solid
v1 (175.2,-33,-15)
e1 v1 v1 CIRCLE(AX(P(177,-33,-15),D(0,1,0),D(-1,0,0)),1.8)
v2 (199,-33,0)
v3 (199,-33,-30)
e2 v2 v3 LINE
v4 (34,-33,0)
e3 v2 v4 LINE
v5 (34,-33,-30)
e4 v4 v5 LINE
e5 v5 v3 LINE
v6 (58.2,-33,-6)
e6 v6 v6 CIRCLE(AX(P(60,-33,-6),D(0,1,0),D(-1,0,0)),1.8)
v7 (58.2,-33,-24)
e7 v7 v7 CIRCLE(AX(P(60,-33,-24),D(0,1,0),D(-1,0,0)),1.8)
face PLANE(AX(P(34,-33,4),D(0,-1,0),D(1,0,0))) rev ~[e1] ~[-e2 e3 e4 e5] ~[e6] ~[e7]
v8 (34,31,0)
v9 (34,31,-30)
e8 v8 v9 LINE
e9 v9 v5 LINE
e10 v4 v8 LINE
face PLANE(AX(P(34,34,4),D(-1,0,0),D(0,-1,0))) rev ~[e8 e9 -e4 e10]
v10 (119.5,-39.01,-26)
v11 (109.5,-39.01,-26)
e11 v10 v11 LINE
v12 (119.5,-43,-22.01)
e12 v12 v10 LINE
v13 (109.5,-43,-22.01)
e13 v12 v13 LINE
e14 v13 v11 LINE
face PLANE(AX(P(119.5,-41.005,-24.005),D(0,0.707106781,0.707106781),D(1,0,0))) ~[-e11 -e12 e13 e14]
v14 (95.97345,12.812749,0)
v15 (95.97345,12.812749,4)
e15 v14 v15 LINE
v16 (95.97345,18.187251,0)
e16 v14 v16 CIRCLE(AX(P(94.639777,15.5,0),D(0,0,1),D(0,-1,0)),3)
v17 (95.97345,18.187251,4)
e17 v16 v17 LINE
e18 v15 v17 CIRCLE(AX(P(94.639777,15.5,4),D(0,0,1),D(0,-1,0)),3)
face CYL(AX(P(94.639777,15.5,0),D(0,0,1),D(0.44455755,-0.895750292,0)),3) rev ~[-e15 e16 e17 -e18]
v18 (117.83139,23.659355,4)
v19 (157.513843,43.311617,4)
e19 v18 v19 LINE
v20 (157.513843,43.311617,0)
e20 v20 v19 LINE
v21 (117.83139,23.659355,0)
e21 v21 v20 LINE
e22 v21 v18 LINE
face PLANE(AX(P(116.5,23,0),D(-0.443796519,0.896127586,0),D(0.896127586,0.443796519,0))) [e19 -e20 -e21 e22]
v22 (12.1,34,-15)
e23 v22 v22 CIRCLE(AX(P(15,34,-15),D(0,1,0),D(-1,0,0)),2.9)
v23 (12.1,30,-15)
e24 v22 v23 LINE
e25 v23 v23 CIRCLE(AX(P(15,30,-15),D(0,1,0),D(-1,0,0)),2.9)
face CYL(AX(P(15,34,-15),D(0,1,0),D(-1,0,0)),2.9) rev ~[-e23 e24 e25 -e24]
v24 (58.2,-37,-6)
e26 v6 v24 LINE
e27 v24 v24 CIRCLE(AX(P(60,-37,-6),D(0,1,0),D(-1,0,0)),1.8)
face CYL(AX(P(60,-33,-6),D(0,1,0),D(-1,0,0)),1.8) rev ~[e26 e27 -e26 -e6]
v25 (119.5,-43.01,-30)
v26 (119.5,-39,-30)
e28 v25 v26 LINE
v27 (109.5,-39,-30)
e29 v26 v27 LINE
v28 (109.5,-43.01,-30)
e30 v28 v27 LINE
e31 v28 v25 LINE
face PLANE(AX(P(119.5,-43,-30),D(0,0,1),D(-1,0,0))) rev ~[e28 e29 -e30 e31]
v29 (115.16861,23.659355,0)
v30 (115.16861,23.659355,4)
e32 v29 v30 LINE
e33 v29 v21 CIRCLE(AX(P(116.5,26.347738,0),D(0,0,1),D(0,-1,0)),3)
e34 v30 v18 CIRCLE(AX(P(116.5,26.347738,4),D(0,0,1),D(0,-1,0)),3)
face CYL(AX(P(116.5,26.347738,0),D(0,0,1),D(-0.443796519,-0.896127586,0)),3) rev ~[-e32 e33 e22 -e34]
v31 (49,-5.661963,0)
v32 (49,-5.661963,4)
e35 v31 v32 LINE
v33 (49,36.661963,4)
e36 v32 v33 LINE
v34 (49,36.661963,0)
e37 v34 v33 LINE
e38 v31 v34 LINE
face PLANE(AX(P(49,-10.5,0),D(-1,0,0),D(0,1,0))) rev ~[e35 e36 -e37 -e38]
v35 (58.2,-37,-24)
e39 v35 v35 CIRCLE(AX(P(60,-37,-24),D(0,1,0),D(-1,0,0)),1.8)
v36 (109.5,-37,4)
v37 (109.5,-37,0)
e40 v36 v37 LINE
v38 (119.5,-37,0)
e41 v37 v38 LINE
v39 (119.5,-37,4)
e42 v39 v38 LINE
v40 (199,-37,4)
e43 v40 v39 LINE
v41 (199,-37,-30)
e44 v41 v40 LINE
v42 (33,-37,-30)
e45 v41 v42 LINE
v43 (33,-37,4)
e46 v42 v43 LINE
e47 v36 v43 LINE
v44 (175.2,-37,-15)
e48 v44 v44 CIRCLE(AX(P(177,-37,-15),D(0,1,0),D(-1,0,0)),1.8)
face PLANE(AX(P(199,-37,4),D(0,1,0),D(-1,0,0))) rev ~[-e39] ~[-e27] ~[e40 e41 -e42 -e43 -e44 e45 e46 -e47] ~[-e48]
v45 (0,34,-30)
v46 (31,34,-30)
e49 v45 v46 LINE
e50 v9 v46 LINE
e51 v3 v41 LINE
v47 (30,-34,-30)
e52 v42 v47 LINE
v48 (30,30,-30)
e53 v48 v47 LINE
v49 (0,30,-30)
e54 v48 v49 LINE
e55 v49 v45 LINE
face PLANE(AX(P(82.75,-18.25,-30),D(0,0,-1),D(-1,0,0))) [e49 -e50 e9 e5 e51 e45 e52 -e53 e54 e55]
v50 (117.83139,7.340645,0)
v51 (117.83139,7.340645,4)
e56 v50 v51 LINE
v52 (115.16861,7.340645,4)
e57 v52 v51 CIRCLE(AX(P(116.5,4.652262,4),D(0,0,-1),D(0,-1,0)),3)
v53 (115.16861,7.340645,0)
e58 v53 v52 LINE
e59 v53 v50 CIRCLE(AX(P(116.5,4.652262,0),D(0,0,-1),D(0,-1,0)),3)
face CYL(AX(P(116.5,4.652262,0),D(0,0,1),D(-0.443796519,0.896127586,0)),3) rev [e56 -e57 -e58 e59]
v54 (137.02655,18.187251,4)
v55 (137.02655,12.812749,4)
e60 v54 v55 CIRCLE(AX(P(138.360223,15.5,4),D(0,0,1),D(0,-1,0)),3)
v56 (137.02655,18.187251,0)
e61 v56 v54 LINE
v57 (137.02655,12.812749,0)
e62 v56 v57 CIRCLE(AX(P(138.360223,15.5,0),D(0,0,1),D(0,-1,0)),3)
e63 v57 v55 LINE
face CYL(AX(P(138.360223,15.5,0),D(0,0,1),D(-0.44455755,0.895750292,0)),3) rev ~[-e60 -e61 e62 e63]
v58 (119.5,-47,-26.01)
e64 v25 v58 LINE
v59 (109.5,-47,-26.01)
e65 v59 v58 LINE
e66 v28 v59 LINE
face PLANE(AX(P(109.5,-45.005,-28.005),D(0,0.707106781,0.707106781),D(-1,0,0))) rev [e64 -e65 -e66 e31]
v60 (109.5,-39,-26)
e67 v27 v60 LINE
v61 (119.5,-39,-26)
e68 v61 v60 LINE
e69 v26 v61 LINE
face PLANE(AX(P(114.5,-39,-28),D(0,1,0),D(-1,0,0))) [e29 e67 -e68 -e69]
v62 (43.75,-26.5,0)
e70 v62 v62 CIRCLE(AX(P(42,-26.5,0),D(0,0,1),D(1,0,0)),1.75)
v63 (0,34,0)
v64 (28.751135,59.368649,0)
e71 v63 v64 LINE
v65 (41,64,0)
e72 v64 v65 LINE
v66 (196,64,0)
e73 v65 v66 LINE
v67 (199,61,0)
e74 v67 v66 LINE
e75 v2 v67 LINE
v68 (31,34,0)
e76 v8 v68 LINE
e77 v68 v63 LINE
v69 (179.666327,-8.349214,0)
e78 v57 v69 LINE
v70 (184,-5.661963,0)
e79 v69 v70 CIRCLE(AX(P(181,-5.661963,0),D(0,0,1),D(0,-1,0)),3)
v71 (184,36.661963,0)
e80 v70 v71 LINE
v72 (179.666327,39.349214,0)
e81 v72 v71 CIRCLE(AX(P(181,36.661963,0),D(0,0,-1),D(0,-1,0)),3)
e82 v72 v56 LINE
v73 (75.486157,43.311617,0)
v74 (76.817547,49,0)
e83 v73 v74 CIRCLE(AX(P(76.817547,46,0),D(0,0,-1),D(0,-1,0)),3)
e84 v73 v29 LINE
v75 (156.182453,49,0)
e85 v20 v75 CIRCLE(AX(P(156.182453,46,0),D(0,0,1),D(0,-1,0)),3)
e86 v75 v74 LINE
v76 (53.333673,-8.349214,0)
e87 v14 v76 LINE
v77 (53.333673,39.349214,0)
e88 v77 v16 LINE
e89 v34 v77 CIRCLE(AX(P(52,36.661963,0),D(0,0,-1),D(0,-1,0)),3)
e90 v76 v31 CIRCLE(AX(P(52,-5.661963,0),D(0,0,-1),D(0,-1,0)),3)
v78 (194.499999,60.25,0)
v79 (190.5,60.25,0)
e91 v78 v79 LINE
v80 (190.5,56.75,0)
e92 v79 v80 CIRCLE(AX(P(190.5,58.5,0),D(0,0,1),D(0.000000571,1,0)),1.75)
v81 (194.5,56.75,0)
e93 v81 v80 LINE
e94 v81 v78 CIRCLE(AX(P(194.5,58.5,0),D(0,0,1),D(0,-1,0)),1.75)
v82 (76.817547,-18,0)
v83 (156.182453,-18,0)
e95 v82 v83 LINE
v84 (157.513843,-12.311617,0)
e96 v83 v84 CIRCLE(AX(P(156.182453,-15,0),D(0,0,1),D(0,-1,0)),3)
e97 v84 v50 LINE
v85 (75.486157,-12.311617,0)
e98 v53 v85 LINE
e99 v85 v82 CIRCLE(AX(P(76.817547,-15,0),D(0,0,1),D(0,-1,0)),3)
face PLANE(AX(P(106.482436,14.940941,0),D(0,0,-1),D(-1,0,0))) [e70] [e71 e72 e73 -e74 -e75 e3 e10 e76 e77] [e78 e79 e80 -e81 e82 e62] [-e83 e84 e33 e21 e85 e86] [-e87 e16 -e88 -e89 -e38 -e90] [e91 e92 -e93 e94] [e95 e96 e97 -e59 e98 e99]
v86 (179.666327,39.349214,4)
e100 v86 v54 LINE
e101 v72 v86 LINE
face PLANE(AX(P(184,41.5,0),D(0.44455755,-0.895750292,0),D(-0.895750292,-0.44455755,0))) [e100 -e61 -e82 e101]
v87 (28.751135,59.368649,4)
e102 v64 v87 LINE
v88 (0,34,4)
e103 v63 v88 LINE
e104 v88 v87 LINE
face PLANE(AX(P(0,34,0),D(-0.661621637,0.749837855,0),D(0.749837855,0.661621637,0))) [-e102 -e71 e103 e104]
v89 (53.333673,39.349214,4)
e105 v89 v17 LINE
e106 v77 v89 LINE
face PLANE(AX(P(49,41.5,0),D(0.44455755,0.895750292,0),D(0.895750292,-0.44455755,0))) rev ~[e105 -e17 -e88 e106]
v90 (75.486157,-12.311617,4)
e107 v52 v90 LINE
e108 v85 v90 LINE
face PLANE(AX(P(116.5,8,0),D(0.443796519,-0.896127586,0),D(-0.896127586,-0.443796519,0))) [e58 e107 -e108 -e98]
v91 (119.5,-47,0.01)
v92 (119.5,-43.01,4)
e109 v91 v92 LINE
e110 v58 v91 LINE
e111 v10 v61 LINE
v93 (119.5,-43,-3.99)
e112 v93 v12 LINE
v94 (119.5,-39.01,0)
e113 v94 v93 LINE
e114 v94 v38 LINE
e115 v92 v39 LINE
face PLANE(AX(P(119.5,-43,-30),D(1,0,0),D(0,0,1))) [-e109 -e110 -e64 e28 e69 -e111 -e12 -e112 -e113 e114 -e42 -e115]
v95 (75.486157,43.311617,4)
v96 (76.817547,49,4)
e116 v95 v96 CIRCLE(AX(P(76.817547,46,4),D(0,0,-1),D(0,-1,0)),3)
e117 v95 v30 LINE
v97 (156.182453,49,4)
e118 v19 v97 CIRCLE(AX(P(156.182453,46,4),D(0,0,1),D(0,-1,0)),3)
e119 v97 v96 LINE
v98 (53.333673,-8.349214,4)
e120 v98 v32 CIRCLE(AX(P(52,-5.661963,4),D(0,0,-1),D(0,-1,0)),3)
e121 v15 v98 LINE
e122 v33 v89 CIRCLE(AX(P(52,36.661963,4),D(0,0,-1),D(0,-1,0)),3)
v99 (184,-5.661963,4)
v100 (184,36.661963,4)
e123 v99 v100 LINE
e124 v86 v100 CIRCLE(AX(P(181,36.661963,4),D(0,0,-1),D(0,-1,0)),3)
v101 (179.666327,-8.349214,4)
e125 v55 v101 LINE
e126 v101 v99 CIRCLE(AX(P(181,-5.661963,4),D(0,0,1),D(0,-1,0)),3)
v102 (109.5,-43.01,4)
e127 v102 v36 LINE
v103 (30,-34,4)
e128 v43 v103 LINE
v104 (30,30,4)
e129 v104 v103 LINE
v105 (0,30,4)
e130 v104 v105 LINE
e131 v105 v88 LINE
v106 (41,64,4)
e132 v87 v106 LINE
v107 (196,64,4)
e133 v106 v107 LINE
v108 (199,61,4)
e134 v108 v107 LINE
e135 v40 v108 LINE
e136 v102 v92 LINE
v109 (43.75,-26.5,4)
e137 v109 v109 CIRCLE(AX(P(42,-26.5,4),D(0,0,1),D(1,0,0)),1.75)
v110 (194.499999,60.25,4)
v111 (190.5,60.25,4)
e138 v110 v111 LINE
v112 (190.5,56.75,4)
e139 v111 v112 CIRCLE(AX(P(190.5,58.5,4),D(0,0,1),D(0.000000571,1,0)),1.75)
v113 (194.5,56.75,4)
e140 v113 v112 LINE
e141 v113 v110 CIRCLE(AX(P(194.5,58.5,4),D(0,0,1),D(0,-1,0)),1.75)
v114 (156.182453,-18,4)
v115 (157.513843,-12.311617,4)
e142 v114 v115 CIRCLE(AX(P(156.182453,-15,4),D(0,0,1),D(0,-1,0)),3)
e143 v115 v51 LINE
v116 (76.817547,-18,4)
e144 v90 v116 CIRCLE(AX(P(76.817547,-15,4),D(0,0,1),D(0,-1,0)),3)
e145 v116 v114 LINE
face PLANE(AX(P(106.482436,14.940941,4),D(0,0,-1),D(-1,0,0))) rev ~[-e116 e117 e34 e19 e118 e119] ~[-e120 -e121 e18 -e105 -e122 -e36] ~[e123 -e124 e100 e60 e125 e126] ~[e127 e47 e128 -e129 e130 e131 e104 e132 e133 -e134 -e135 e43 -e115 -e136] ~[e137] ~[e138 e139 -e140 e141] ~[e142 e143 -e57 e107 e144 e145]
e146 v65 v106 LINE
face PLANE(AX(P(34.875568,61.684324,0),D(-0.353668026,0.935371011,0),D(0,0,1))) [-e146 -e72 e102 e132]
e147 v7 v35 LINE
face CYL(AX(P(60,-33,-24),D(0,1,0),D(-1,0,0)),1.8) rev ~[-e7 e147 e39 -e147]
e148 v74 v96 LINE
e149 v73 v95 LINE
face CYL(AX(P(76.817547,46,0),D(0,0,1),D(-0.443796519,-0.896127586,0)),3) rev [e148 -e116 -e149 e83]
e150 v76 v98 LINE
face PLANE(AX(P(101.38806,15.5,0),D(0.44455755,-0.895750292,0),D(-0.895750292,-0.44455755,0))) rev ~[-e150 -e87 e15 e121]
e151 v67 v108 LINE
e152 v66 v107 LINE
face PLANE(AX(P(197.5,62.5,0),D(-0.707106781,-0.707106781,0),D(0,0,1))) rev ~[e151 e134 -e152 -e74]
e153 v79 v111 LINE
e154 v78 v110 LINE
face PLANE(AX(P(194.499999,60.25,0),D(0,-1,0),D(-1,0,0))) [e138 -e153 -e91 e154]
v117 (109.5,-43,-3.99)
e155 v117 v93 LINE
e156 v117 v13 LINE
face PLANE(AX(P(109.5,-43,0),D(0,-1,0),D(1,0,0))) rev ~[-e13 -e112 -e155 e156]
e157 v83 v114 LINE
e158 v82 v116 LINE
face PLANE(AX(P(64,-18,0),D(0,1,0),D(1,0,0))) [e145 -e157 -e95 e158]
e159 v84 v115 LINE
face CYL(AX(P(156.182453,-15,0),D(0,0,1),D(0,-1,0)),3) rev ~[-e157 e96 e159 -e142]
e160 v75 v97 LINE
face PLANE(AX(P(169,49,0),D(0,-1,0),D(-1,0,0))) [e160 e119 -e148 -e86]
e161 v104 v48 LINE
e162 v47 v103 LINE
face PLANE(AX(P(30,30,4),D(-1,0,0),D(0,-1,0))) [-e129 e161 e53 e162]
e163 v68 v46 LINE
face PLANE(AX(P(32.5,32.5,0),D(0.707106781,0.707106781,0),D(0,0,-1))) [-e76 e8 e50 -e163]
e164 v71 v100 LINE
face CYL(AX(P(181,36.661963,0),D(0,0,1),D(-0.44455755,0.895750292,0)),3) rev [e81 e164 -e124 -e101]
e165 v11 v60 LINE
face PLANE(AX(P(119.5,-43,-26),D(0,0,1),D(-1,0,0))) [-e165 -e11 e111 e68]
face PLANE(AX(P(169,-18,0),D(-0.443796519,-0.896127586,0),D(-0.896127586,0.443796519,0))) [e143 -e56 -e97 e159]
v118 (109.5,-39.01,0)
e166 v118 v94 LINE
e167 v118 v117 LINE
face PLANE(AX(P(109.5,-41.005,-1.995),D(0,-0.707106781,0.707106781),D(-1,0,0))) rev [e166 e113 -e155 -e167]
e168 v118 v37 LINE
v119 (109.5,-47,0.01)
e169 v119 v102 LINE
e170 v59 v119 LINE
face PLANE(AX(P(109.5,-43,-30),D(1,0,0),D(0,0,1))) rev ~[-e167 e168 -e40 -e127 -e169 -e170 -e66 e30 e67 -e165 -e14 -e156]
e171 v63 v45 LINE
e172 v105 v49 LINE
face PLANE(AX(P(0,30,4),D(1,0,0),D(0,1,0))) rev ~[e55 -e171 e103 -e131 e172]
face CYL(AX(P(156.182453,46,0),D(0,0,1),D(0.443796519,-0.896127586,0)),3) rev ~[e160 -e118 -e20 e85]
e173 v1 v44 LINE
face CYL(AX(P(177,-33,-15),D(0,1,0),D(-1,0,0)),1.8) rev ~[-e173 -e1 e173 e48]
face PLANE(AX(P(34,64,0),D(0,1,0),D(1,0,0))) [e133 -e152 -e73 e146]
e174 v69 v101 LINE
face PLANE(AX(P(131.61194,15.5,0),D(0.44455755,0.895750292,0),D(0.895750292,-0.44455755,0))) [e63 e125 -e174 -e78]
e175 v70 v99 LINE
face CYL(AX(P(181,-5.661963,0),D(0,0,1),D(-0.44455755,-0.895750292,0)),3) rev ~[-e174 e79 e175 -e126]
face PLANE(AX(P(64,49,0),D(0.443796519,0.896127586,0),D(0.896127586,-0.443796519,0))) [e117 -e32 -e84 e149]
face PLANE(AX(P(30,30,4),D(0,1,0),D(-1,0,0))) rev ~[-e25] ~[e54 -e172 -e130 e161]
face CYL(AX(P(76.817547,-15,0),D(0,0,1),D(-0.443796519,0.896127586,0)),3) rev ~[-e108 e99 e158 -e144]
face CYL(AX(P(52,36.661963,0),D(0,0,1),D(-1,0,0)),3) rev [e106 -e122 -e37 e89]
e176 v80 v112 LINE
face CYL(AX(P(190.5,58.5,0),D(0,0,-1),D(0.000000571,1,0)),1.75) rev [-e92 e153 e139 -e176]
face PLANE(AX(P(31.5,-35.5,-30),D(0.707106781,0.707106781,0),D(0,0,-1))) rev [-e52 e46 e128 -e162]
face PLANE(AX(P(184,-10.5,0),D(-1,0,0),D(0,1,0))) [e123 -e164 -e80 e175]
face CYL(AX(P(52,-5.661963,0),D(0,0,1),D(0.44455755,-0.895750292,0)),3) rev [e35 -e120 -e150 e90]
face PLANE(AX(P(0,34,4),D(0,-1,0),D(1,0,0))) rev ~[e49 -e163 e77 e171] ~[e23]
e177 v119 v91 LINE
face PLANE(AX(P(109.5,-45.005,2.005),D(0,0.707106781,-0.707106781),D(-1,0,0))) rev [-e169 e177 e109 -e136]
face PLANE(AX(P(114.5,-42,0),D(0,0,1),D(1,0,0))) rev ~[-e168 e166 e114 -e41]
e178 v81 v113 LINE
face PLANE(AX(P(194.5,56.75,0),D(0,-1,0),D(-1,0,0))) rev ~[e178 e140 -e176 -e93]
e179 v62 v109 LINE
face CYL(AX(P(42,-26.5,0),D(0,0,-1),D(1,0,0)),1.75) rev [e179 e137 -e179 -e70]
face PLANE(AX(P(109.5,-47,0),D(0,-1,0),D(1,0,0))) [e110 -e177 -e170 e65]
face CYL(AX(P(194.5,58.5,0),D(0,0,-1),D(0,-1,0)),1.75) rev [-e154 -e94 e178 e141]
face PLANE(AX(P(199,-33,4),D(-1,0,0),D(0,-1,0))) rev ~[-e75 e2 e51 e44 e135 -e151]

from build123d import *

# Parameters (mm, degrees)
SKETCH_R        = 1.75
PAD_DEPTH       = 4
PAD001_DEPTH    = 34
FILLET_R        = 3
CHAMFER_SIZE    = 3
SKETCH006_R     = 2.9
HOLE_DEPTH      = 25
HOLE_TIPS_R     = 2.9
SKETCH007_R     = 1.8
HOLE001_DEPTH   = 25
CHAMFER001_SIZE = 3
CHAMFER002_SIZE = 7
SKETCH008_W     = 10
SKETCH008_H     = 10
PAD002_DEPTH    = 4
SKETCH009_W     = 10
SKETCH009_H     = 4
PAD003_DEPTH    = 30
SKETCH010_W     = 10
SKETCH010_H     = 4
PAD004_DEPTH    = 4
CHAMFER003_SIZE = 3.99


with BuildPart() as part:
    # Sketch → Pad (new body)
    with BuildSketch(Plane.XY):
        Polygon((30, 0), (30, 30), (0, 30), (0, 34), (34, 64), (199, 64), (199, -33), (199, -37), (30, -37), (30, -33), align=None)
        with Locations((42, -26.5)):
            Circle(SKETCH_R, mode=Mode.SUBTRACT)
        Polygon((64, 49), (116.5, 23), (169, 49), align=None, mode=Mode.SUBTRACT)
        Polygon((116.5, 8), (64, -18), (169, -18), align=None, mode=Mode.SUBTRACT)
        Polygon((49, 41.5), (101.38806, 15.5), (49, -10.5), align=None, mode=Mode.SUBTRACT)
        Polygon((184, 41.5), (131.61194, 15.5), (184, -10.5), align=None, mode=Mode.SUBTRACT)
        with BuildLine():
            ThreePointArc((194.5, 56.75), (196.25, 58.5), (194.499999, 60.25))
            Line((194.5, 60.25), (190.5, 60.25))
            ThreePointArc((190.500001, 60.25), (188.75, 58.5), (190.5, 56.75))
            Line((194.5, 56.75), (190.5, 56.75))
        make_face(mode=Mode.SUBTRACT)
    extrude(amount=PAD_DEPTH)

    # Sketch001 (on Face24 of Pad) → Pad001 (join)
    with BuildSketch(Plane.XY.offset(4)):
        Polygon((30, 0), (30, 30), (0, 30), (0, 34), (34, 34), (34, -33), (199, -33), (199, -37), (30, -37), (30, -33), align=None)
    extrude(amount=-PAD001_DEPTH)

    # Fillet
    fillet_edges = [part.edges().sort_by_distance(p)[0] for p in [
        (49, 41.5, 2),
        (101.38806, 15.5, 2),
        (49, -10.5, 2),
        (64, -18, 2),
        (116.5, 8, 2),
        (169, -18, 2),
        (184, -10.5, 2),
        (64, 49, 2),
        (116.5, 23, 2),
        (131.61194, 15.5, 2),
        (184, 41.5, 2),
        (169, 49, 2),
    ]]
    fillet(fillet_edges, radius=FILLET_R)

    # Chamfer
    chamfer_edges = [part.edges().sort_by_distance(p)[0] for p in [
        (199, 64, 2),
    ]]
    chamfer(chamfer_edges, length=CHAMFER_SIZE)

    # Sketch006 (on Face6 of Chamfer) → Hole (cut)
    with BuildSketch(Plane(origin=(0, 34, 0), x_dir=(-1, 0, 0), z_dir=(0, 1, 0))):
        with Locations((-15, -15)):
            Circle(SKETCH006_R)
    extrude(amount=-HOLE_DEPTH, mode=Mode.SUBTRACT)

    # Hole tips → Hole tip 1 section 0
    with BuildSketch(Plane(origin=(0, 9, 0), x_dir=(-1, 0, 0), z_dir=(0, 1, 0)), mode=Mode.PRIVATE) as hole_tip_1_s0:
        with Locations((-15, -15)):
            Circle(HOLE_TIPS_R)
    loft([hole_tip_1_s0.sketch, Vertex(15, 7.257504, -15)], mode=Mode.SUBTRACT)

    # Sketch007 (on Face7 of Hole) → Hole001 (cut)
    with BuildSketch(Plane(origin=(0, -33, 0), x_dir=(-1, 0, 0), z_dir=(0, 1, 0))):
        with Locations((-177, -15)):
            Circle(SKETCH007_R)
        with Locations((-60, -6)):
            Circle(SKETCH007_R)
        with Locations((-60, -24)):
            Circle(SKETCH007_R)
    extrude(amount=-HOLE001_DEPTH, mode=Mode.SUBTRACT)

    # Chamfer001
    chamfer001_edges = [part.edges().sort_by_distance(p)[0] for p in [
        (30, -37, -13),
        (34, 34, -15),
    ]]
    chamfer(chamfer001_edges, length=CHAMFER001_SIZE)

    # Chamfer002
    chamfer002_edges = [part.edges().sort_by_distance(p)[0] for p in [
        (34, 64, 2),
    ]]
    chamfer(chamfer002_edges, length=CHAMFER002_SIZE)

    # Sketch008 (on Face41 of Chamfer002) → Pad002 (join)
    with BuildSketch(Plane.XY.offset(4)):
        with Locations((114.5, -42)):
            Rectangle(SKETCH008_W, SKETCH008_H)
    extrude(amount=-PAD002_DEPTH)

    # Sketch009 (on Face51 of Pad002) → Pad003 (join)
    with BuildSketch(Plane(origin=(0, 0, 0), x_dir=(1, 0, 0), z_dir=(0, 0, -1))):
        with Locations((114.5, 45)):
            Rectangle(SKETCH009_W, SKETCH009_H)
    extrude(amount=PAD003_DEPTH)

    # Sketch010 (on Face52 of Pad003) → Pad004 (join)
    with BuildSketch(Plane(origin=(0, -43, 0), x_dir=(-1, 0, 0), z_dir=(0, 1, 0))):
        with Locations((-114.5, -28)):
            Rectangle(SKETCH010_W, SKETCH010_H)
    extrude(amount=PAD004_DEPTH)

    # Chamfer003
    chamfer003_edges = [part.edges().sort_by_distance(p)[0] for p in [
        (114.5, -47, 4),
        (114.5, -47, -30),
        (114.5, -43, -26),
        (114.5, -43, 0),
    ]]
    chamfer(chamfer003_edges, length=CHAMFER003_SIZE)


solid = part.part
